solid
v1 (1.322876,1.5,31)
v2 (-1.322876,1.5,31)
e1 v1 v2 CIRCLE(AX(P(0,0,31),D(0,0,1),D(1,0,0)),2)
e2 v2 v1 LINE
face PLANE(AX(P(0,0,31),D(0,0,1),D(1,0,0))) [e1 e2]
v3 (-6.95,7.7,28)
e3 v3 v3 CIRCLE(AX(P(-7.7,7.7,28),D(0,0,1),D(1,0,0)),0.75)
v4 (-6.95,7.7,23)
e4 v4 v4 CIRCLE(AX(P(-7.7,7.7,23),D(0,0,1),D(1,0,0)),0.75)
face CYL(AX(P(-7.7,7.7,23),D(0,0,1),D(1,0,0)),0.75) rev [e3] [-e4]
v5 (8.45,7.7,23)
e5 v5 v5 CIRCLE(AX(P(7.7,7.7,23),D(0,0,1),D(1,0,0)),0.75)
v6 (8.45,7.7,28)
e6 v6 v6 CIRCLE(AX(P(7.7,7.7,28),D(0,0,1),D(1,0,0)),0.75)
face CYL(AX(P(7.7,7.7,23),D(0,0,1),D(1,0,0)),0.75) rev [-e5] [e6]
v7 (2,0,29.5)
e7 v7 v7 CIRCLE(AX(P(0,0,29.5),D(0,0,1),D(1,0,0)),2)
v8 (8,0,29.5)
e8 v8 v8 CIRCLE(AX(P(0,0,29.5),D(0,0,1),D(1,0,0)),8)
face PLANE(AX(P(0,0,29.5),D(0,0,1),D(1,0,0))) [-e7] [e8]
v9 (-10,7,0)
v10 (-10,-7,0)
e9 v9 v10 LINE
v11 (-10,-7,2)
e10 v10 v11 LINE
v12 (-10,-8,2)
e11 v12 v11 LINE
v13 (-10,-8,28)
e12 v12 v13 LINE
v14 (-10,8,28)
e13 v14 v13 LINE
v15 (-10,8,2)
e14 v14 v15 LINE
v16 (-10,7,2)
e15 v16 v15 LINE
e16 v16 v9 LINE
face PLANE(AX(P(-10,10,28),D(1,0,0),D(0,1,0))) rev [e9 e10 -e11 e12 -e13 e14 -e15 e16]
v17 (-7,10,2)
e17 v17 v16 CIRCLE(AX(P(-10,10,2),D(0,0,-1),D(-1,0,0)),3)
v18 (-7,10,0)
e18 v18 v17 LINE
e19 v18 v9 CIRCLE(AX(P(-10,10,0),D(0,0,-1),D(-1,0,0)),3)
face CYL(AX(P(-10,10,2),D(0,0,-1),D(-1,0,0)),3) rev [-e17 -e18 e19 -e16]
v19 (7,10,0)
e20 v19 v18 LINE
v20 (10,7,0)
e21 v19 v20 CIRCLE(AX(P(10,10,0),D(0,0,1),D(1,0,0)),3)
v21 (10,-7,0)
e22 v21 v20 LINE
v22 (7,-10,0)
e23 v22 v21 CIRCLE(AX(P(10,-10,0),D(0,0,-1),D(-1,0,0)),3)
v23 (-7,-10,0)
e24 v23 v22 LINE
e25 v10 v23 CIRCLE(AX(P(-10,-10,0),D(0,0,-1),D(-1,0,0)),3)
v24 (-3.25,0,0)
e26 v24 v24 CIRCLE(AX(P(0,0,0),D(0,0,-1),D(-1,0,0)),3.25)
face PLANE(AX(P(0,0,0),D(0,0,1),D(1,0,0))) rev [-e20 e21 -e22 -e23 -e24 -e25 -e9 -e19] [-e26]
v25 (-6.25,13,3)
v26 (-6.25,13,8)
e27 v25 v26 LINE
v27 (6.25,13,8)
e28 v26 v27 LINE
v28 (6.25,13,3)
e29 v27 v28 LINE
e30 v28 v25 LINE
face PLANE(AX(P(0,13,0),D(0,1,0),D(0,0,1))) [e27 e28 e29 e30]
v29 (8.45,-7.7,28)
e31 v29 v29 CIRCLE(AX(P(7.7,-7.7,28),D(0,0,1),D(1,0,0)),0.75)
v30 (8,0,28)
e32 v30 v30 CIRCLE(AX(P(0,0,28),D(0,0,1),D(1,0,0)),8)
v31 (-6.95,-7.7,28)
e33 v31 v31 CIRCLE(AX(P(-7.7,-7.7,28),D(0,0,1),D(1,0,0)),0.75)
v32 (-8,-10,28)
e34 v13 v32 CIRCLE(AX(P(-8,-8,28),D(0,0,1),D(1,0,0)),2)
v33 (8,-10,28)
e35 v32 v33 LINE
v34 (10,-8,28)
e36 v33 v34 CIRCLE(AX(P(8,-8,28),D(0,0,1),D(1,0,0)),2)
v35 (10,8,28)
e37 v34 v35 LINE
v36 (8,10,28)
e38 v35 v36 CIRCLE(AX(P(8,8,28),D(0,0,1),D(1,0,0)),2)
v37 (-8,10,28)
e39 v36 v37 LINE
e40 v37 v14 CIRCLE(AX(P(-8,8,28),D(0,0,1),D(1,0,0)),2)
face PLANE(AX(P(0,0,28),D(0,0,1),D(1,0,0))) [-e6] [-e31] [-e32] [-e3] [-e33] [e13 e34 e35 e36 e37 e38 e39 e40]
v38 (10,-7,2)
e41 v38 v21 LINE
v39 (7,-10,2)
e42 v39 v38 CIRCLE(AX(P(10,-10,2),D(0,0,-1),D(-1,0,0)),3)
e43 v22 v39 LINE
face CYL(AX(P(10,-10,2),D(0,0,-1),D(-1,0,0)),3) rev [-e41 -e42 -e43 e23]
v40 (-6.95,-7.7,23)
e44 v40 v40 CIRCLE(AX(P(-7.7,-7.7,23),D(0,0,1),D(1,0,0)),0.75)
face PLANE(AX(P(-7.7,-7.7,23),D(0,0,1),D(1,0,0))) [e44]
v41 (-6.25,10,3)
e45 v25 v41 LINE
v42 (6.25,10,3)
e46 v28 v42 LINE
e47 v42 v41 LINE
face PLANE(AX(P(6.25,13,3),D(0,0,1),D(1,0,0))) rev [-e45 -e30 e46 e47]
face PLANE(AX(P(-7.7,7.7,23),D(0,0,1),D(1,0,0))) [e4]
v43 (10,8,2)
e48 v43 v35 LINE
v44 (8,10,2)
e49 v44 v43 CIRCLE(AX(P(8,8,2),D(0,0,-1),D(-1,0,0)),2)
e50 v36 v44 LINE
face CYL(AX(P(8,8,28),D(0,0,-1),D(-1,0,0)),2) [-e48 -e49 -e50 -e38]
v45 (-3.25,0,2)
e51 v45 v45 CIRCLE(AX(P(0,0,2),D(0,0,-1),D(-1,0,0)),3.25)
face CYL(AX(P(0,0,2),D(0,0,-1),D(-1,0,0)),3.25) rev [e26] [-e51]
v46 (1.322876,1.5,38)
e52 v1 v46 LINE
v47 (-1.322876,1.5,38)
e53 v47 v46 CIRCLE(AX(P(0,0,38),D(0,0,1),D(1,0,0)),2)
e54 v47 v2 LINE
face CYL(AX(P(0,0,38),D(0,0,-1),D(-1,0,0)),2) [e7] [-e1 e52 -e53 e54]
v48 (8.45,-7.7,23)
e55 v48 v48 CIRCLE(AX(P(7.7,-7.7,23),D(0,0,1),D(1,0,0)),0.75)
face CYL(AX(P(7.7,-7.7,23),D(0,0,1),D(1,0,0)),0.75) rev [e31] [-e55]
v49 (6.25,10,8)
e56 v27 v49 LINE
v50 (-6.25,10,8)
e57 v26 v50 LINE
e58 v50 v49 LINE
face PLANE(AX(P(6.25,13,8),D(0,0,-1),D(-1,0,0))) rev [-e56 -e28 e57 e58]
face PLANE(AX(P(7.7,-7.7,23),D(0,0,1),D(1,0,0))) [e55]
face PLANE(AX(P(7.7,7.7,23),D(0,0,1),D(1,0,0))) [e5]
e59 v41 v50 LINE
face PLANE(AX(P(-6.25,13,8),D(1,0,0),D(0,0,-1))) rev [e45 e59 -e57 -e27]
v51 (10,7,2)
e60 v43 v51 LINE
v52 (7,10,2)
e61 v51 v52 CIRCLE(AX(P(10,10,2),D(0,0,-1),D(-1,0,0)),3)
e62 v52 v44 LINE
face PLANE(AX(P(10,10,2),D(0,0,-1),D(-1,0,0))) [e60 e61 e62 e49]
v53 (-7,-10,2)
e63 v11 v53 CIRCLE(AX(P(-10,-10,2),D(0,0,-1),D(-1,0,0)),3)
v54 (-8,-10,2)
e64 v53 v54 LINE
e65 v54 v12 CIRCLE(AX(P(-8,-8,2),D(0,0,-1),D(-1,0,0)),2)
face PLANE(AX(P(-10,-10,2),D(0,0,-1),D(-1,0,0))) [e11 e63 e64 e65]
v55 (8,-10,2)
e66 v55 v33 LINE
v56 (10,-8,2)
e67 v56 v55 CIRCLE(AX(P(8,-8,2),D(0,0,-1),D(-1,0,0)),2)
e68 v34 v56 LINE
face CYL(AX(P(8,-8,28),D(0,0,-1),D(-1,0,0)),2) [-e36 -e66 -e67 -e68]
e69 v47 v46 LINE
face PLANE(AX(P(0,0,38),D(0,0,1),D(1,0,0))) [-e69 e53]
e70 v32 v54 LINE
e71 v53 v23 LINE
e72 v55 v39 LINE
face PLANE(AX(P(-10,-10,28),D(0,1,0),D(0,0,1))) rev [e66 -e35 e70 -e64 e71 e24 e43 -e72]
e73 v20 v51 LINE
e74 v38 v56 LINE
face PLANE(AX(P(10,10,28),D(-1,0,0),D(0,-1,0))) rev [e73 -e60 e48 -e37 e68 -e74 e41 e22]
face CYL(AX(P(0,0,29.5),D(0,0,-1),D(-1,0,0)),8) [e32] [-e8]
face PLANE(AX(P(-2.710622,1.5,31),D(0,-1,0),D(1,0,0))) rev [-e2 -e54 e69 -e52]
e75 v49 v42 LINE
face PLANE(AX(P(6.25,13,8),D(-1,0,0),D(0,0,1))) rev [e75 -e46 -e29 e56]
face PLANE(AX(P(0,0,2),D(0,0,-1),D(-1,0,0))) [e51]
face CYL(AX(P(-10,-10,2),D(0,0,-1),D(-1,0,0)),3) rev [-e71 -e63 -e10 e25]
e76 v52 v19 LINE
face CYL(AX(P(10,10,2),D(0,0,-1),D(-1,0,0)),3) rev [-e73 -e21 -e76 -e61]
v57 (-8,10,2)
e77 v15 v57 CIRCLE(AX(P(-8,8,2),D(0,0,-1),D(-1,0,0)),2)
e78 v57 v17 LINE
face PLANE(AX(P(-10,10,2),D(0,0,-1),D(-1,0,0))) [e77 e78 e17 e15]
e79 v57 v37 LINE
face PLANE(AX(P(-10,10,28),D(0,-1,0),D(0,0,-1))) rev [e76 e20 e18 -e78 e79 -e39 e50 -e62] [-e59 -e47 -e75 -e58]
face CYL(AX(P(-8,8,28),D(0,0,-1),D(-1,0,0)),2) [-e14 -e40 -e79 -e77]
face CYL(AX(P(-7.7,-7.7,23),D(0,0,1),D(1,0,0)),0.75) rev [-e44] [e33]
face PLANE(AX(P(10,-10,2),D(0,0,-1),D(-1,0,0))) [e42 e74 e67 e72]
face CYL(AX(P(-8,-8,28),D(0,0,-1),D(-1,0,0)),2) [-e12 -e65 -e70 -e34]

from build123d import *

# Parameters (mm, degrees)
ESBO_O1_W                = 20
ESBO_O1_H                = 20
RESSALTO_EXTRUS_O1_DEPTH = 28
ESBO_O2_R                = 3.25
ESBO_O2_R_2              = 3
CORTE_EXTRUS_O1_DEPTH    = 2
ESBO_O3_W                = 12.5
ESBO_O3_H                = 5
RESSALTO_EXTRUS_O2_DEPTH = 3
FILETE1_R                = 2
ESBO_O4_R                = 8
RESSALTO_EXTRUS_O3_DEPTH = 1.5
ESBO_O5_R                = 2
RESSALTO_EXTRUS_O4_DEPTH = 8.5
ESBO_O6_W                = 5.42124419
ESBO_O6_H                = 2.409441862
CORTE_EXTRUS_O2_DEPTH    = 7
ESBO_O7_R                = 0.75
CORTE_EXTRUS_O3_DEPTH    = 5


with BuildPart() as part:
    # Esboço1 → Ressalto-extrusão1 (new body)
    with BuildSketch(Plane.XY):
        Rectangle(ESBO_O1_W, ESBO_O1_H)
    extrude(amount=RESSALTO_EXTRUS_O1_DEPTH)

    # Esboço2 → Corte-extrusão1 (cut)
    with BuildSketch(Plane(origin=(0, 0, 0), x_dir=(-1, 0, 0), z_dir=(0, 0, -1))):
        Circle(ESBO_O2_R)
        with Locations((-10, 10)):
            Circle(ESBO_O2_R_2)
        with Locations((10, 10)):
            Circle(ESBO_O2_R_2)
        with Locations((10, -10)):
            Circle(ESBO_O2_R_2)
        with Locations((-10, -10)):
            Circle(ESBO_O2_R_2)
    extrude(amount=-CORTE_EXTRUS_O1_DEPTH, mode=Mode.SUBTRACT)

    # Esboço3 → Ressalto-extrusão2 (add)
    with BuildSketch(Plane(origin=(0, 10, 0), x_dir=(1, 0, 0), z_dir=(0, 1, 0))):
        with Locations((0, -5.5)):
            Rectangle(ESBO_O3_W, ESBO_O3_H)
    extrude(amount=RESSALTO_EXTRUS_O2_DEPTH)

    # Filete1
    filete1_edges = [part.edges().sort_by_distance(p)[0] for p in [
        (10, -10, 15),
        (-10, -10, 15),
        (-10, 10, 15),
        (10, 10, 15),
    ]]
    fillet(filete1_edges, radius=FILETE1_R)

    # Esboço4 → Ressalto-extrusão3 (add)
    with BuildSketch(Plane.XY.offset(28)):
        Circle(ESBO_O4_R)
    extrude(amount=RESSALTO_EXTRUS_O3_DEPTH)

    # Esboço5 → Ressalto-extrusão4 (add)
    with BuildSketch(Plane.XY.offset(29.5)):
        Circle(ESBO_O5_R)
    extrude(amount=RESSALTO_EXTRUS_O4_DEPTH)

    # Esboço6 → Corte-extrusão2 (cut)
    with BuildSketch(Plane.XY.offset(38)):
        with Locations((0, 2.704720931)):
            Rectangle(ESBO_O6_W, ESBO_O6_H)
    extrude(amount=-CORTE_EXTRUS_O2_DEPTH, mode=Mode.SUBTRACT)

    # Esboço7 → Corte-extrusão3 (cut)
    with BuildSketch(Plane.XY.offset(28)):
        with Locations((-7.7, 7.7)):
            Circle(ESBO_O7_R)
        with Locations((7.7, 7.7)):
            Circle(ESBO_O7_R)
        with Locations((7.7, -7.7)):
            Circle(ESBO_O7_R)
        with Locations((-7.7, -7.7)):
            Circle(ESBO_O7_R)
    extrude(amount=-CORTE_EXTRUS_O3_DEPTH, mode=Mode.SUBTRACT)


solid = part.part
